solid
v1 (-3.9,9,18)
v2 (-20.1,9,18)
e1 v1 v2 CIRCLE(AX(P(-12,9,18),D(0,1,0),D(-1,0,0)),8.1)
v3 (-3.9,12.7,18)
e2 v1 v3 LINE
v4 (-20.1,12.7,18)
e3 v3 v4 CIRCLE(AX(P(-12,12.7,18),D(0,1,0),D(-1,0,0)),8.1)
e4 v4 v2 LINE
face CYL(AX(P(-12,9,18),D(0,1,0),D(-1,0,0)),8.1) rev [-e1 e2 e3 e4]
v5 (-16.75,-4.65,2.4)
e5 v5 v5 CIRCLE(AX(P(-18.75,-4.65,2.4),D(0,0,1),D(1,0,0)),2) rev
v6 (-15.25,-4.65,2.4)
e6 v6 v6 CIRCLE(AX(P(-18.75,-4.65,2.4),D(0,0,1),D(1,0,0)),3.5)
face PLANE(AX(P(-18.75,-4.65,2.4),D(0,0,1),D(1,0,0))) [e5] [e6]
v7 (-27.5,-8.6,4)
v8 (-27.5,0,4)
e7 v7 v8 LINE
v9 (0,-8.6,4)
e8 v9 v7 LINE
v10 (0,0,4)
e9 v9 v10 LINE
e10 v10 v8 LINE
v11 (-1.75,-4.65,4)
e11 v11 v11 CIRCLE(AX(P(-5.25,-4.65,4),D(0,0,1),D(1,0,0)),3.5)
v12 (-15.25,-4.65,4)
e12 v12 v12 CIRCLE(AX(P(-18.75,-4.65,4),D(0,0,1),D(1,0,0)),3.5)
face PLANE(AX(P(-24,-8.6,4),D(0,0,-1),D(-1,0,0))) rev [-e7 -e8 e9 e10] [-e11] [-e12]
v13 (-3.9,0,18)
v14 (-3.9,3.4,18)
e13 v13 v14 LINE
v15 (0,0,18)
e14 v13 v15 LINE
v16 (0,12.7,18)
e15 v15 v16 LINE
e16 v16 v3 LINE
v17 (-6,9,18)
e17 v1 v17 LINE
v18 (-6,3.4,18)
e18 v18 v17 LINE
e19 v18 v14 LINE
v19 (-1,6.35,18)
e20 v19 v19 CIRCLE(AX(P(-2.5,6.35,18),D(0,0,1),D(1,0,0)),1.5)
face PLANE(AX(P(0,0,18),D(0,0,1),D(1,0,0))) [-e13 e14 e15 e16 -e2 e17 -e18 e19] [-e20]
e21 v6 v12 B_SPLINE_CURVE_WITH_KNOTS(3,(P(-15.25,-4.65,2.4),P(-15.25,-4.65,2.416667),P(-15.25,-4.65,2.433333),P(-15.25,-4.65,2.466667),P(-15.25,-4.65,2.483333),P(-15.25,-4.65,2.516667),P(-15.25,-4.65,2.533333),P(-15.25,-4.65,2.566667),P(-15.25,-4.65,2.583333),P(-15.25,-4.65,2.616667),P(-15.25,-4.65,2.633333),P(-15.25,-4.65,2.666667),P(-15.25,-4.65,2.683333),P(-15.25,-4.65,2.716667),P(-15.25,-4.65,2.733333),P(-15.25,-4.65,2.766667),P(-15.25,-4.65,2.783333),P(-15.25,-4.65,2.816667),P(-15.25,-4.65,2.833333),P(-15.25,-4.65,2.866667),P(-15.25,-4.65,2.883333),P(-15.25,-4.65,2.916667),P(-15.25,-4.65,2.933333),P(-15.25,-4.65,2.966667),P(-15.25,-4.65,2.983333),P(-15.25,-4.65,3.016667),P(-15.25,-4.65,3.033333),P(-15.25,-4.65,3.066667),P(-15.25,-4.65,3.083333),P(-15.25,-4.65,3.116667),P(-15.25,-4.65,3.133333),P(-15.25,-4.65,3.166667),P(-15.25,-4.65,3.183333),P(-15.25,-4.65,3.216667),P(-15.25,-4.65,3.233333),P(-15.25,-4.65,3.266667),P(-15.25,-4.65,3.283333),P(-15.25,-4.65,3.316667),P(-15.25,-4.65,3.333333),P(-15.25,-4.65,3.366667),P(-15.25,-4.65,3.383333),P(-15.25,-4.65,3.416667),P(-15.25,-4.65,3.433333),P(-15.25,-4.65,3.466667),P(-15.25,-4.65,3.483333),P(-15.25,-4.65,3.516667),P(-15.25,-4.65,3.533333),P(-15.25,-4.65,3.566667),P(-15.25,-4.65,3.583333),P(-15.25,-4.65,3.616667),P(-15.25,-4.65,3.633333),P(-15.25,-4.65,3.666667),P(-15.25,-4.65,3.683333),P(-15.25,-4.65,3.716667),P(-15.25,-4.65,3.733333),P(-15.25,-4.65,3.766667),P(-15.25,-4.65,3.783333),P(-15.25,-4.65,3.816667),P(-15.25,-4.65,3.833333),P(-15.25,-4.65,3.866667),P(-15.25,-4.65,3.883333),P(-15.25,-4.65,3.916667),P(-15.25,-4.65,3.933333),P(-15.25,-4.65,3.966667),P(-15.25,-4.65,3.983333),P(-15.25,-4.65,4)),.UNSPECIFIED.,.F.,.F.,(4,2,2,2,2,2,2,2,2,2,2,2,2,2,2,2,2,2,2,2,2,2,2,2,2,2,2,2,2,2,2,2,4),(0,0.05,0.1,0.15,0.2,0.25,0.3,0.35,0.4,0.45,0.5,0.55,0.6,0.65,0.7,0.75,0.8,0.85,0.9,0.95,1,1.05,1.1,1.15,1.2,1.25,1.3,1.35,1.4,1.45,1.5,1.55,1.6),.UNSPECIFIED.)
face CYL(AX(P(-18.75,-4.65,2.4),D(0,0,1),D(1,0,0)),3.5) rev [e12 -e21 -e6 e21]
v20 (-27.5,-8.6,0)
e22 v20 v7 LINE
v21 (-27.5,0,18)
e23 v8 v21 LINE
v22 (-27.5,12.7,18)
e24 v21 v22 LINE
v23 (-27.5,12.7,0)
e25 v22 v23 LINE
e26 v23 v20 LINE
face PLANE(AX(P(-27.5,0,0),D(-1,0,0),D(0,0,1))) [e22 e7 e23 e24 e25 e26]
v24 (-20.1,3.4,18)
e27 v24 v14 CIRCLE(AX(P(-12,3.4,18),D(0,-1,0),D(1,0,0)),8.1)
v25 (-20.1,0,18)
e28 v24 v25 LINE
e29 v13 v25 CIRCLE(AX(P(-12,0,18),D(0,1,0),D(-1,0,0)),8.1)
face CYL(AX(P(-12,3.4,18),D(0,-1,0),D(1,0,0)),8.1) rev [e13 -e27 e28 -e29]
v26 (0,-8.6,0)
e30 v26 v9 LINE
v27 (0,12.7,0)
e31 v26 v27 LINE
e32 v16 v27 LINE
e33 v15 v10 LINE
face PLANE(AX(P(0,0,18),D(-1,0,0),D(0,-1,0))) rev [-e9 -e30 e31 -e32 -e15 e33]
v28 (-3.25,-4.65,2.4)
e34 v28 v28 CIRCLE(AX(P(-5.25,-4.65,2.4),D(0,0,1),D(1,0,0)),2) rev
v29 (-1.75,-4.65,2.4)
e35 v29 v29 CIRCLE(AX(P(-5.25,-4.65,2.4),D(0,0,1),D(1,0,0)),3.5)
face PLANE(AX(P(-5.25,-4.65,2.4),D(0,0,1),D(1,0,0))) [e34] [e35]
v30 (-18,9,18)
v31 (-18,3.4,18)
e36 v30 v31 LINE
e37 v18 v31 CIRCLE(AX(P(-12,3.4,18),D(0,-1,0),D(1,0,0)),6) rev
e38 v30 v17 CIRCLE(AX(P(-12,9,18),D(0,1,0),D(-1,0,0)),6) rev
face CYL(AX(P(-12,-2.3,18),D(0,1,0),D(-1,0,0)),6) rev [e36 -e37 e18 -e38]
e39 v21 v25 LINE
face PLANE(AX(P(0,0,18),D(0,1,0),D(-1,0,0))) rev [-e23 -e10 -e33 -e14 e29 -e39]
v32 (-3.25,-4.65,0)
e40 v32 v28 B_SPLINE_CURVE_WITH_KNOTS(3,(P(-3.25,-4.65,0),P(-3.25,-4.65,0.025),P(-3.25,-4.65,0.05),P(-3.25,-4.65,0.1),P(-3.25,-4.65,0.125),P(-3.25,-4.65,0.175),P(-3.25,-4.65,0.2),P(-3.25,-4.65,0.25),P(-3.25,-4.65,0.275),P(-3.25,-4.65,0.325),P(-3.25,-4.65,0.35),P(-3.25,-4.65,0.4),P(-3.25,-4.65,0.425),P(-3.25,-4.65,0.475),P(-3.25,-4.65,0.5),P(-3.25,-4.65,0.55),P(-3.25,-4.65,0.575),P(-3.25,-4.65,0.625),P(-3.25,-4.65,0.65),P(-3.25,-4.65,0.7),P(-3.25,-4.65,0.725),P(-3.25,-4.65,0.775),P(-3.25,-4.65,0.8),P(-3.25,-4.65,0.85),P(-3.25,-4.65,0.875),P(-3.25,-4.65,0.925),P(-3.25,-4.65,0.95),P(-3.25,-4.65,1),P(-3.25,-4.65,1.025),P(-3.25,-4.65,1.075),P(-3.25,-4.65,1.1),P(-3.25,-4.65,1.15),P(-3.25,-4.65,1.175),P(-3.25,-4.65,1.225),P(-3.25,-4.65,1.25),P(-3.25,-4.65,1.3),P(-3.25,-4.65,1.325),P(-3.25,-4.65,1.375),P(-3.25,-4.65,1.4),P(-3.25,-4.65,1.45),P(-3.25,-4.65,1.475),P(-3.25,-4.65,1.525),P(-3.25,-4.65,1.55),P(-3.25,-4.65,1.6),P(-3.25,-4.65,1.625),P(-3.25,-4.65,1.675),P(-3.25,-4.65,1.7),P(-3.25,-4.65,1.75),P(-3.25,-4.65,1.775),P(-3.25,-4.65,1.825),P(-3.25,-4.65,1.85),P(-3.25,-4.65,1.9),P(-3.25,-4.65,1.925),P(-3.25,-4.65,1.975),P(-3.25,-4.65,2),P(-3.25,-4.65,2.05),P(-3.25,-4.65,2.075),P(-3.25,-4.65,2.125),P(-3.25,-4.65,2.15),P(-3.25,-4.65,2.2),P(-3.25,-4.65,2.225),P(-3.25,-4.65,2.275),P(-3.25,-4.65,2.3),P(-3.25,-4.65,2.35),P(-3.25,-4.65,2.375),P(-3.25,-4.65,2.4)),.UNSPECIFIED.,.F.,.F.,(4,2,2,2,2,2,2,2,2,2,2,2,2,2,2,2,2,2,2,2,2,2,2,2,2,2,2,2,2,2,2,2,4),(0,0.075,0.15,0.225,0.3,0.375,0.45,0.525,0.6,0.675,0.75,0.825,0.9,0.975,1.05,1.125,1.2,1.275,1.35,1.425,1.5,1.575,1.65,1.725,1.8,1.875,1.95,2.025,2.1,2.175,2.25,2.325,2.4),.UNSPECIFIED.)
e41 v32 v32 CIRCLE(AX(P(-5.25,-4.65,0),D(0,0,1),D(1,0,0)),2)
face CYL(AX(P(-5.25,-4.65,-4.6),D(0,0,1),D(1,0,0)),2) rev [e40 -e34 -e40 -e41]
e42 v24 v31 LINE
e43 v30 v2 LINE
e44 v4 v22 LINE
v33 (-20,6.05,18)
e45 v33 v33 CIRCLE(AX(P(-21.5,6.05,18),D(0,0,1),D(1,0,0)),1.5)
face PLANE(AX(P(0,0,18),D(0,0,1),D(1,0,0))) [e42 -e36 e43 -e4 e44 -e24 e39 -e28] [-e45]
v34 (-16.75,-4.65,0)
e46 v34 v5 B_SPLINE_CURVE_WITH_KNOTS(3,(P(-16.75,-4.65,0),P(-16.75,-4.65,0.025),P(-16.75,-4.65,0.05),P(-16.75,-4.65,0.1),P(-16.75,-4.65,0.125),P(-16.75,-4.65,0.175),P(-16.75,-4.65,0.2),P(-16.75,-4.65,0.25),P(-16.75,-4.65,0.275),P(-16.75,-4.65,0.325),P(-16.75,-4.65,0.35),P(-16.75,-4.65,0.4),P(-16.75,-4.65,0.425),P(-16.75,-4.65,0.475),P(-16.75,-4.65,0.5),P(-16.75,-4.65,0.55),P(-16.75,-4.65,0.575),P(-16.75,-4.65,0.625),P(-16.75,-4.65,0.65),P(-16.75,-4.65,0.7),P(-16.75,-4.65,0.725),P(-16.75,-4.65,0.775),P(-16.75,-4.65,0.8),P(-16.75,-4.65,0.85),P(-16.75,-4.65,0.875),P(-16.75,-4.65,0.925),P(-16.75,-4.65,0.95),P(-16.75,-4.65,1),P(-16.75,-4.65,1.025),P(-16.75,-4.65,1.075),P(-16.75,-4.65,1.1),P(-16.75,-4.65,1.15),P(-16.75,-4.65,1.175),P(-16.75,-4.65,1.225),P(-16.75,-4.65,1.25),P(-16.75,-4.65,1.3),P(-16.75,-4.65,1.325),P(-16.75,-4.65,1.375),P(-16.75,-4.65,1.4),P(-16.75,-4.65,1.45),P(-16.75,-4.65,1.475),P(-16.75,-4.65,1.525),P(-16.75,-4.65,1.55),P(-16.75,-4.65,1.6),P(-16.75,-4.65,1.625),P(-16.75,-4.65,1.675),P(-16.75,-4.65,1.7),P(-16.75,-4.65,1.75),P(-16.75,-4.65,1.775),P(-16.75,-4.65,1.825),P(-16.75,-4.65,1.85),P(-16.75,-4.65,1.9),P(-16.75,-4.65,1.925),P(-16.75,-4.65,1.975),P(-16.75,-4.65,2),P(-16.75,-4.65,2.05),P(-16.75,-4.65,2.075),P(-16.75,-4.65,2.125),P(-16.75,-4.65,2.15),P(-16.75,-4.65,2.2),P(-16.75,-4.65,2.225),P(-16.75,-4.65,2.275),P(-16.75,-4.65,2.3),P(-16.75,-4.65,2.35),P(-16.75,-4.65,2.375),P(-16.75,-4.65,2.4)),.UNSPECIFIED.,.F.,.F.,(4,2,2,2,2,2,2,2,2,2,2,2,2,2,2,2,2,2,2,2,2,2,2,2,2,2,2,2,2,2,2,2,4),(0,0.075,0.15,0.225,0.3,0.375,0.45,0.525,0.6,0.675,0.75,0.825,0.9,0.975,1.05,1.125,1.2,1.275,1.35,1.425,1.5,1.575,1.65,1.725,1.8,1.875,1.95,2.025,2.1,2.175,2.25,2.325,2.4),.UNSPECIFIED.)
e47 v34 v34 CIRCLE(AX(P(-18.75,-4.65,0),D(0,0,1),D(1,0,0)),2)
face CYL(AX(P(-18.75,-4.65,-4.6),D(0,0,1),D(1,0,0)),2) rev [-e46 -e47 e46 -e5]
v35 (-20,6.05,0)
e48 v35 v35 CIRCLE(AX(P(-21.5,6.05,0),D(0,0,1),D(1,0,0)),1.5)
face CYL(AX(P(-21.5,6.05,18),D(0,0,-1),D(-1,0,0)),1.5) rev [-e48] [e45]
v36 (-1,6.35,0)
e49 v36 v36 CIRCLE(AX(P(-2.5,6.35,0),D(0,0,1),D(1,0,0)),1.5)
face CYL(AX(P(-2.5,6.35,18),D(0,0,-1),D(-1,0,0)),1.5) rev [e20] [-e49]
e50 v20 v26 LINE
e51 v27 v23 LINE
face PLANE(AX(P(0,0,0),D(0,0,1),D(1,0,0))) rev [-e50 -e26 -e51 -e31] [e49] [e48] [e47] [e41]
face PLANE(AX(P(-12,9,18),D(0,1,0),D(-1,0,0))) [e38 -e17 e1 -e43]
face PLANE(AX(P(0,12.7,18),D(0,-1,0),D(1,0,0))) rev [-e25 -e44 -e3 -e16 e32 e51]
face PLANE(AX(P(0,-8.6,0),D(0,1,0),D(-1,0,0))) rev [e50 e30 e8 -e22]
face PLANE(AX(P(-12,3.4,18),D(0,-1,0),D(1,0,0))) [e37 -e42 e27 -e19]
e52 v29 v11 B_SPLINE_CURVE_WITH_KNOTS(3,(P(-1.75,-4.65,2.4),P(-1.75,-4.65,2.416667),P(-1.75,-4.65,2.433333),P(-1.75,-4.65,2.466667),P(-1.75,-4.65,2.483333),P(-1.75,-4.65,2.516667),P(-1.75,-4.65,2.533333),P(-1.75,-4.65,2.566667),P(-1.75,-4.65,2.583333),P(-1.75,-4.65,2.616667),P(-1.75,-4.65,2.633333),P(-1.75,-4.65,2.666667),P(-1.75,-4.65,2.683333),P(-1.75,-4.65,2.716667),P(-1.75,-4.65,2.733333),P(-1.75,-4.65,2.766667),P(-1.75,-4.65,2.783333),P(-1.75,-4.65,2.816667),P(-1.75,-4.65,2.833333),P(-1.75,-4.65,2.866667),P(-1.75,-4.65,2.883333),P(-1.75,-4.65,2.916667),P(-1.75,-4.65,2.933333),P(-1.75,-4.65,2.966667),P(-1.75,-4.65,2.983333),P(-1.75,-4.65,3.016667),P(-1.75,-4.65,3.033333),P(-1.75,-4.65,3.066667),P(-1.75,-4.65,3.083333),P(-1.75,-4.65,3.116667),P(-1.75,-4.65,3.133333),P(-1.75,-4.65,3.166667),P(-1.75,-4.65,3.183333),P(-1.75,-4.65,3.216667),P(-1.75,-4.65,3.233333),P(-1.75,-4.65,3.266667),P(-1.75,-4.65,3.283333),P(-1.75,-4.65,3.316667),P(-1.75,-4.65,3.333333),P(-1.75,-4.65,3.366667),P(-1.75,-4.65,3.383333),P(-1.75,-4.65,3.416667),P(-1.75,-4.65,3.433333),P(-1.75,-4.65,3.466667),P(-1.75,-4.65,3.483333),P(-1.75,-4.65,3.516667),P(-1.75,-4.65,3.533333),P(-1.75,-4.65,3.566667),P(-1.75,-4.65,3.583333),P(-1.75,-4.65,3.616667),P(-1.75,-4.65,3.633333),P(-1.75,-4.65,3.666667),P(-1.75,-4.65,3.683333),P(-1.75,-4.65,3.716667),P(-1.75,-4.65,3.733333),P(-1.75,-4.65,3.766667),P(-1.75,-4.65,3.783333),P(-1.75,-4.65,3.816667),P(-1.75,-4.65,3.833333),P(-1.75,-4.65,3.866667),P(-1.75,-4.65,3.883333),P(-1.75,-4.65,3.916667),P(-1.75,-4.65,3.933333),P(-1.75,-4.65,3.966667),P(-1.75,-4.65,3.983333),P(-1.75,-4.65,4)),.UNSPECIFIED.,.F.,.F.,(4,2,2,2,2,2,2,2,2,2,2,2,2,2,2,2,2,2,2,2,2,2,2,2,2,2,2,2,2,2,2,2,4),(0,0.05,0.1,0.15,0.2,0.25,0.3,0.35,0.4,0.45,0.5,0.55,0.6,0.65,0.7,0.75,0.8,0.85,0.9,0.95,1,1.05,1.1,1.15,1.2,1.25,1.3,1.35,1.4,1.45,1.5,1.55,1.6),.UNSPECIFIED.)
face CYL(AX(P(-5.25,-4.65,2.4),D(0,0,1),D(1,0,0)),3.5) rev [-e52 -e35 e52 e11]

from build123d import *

# Parameters (mm, degrees)
SKETCH1_W           = 24
SKETCH1_H           = 12.7
SKETCH1_R           = 1.5
BOSS_EXTRUDE1_DEPTH = 18
SKETCH3_R           = 6
CUT_EXTRUDE1_DEPTH  = 15
SKETCH4_R           = 8.1
CUT_EXTRUDE2_DEPTH  = 3.7
CUT_EXTRUDE3_START  = -3.4
SKETCH5_R           = 8.1
CUT_EXTRUDE3_DEPTH  = 3.4
SKETCH6_W           = 24
SKETCH6_H           = 4
BOSS_EXTRUDE2_DEPTH = 8.6
SKETCH7_R           = 2
CUT_EXTRUDE4_DEPTH  = 8.6
SKETCH8_R           = 3.5
CUT_EXTRUDE5_DEPTH  = 1.6
BOSS_EXTRUDE3_DEPTH = 3.5


with BuildPart() as part:
    # Sketch1 → Boss-Extrude1 (new body)
    with BuildSketch(Plane.XY):
        with Locations((-12, 6.35)):
            Rectangle(SKETCH1_W, SKETCH1_H)
        with Locations((-21.5, 6.05)):
            Circle(SKETCH1_R, mode=Mode.SUBTRACT)
        with Locations((-2.5, 6.35)):
            Circle(SKETCH1_R, mode=Mode.SUBTRACT)
    extrude(amount=BOSS_EXTRUDE1_DEPTH)

    # Sketch3 → Cut-Extrude1 (cut)
    with BuildSketch(Plane(origin=(0, 12.7, 0), x_dir=(1, 0, 0), z_dir=(0, 1, 0))):
        with Locations((-12, -18)):
            Circle(SKETCH3_R)
    extrude(amount=-CUT_EXTRUDE1_DEPTH, mode=Mode.SUBTRACT)

    # Sketch4 → Cut-Extrude2 (cut)
    with BuildSketch(Plane(origin=(0, 12.7, 0), x_dir=(1, 0, 0), z_dir=(0, 1, 0))):
        with Locations((-12, -18)):
            Circle(SKETCH4_R)
    extrude(amount=-CUT_EXTRUDE2_DEPTH, mode=Mode.SUBTRACT)

    # Sketch5 → Cut-Extrude3 (cut)
    with BuildSketch(Plane.XZ.offset(CUT_EXTRUDE3_START)):
        with Locations((-12, 18)):
            Circle(SKETCH5_R)
    extrude(amount=CUT_EXTRUDE3_DEPTH, mode=Mode.SUBTRACT)

    # Sketch6 → Boss-Extrude2 (add)
    with BuildSketch(Plane.XZ):
        with Locations((-12, 2)):
            Rectangle(SKETCH6_W, SKETCH6_H)
    extrude(amount=BOSS_EXTRUDE2_DEPTH)

    # Sketch7 → Cut-Extrude4 (cut)
    with BuildSketch(Plane.XY.offset(4)):
        with Locations((-18.75, -4.65)):
            Circle(SKETCH7_R)
        with Locations((-5.25, -4.65)):
            Circle(SKETCH7_R)
    extrude(amount=-CUT_EXTRUDE4_DEPTH, mode=Mode.SUBTRACT)

    # Sketch8 → Cut-Extrude5 (cut)
    with BuildSketch(Plane.XY.offset(4)):
        with Locations((-18.75, -4.65)):
            Circle(SKETCH8_R)
        with Locations((-5.25, -4.65)):
            Circle(SKETCH8_R)
    extrude(amount=-CUT_EXTRUDE5_DEPTH, mode=Mode.SUBTRACT)

    # Sketch9 → Boss-Extrude3 (add)
    with BuildSketch(Plane.ZY.offset(24)):
        Polygon((0, 12.7), (0, -8.6), (4, -8.6), (4, 0), (18, 0), (18, 12.7), align=None)
    extrude(amount=BOSS_EXTRUDE3_DEPTH)


solid = part.part
